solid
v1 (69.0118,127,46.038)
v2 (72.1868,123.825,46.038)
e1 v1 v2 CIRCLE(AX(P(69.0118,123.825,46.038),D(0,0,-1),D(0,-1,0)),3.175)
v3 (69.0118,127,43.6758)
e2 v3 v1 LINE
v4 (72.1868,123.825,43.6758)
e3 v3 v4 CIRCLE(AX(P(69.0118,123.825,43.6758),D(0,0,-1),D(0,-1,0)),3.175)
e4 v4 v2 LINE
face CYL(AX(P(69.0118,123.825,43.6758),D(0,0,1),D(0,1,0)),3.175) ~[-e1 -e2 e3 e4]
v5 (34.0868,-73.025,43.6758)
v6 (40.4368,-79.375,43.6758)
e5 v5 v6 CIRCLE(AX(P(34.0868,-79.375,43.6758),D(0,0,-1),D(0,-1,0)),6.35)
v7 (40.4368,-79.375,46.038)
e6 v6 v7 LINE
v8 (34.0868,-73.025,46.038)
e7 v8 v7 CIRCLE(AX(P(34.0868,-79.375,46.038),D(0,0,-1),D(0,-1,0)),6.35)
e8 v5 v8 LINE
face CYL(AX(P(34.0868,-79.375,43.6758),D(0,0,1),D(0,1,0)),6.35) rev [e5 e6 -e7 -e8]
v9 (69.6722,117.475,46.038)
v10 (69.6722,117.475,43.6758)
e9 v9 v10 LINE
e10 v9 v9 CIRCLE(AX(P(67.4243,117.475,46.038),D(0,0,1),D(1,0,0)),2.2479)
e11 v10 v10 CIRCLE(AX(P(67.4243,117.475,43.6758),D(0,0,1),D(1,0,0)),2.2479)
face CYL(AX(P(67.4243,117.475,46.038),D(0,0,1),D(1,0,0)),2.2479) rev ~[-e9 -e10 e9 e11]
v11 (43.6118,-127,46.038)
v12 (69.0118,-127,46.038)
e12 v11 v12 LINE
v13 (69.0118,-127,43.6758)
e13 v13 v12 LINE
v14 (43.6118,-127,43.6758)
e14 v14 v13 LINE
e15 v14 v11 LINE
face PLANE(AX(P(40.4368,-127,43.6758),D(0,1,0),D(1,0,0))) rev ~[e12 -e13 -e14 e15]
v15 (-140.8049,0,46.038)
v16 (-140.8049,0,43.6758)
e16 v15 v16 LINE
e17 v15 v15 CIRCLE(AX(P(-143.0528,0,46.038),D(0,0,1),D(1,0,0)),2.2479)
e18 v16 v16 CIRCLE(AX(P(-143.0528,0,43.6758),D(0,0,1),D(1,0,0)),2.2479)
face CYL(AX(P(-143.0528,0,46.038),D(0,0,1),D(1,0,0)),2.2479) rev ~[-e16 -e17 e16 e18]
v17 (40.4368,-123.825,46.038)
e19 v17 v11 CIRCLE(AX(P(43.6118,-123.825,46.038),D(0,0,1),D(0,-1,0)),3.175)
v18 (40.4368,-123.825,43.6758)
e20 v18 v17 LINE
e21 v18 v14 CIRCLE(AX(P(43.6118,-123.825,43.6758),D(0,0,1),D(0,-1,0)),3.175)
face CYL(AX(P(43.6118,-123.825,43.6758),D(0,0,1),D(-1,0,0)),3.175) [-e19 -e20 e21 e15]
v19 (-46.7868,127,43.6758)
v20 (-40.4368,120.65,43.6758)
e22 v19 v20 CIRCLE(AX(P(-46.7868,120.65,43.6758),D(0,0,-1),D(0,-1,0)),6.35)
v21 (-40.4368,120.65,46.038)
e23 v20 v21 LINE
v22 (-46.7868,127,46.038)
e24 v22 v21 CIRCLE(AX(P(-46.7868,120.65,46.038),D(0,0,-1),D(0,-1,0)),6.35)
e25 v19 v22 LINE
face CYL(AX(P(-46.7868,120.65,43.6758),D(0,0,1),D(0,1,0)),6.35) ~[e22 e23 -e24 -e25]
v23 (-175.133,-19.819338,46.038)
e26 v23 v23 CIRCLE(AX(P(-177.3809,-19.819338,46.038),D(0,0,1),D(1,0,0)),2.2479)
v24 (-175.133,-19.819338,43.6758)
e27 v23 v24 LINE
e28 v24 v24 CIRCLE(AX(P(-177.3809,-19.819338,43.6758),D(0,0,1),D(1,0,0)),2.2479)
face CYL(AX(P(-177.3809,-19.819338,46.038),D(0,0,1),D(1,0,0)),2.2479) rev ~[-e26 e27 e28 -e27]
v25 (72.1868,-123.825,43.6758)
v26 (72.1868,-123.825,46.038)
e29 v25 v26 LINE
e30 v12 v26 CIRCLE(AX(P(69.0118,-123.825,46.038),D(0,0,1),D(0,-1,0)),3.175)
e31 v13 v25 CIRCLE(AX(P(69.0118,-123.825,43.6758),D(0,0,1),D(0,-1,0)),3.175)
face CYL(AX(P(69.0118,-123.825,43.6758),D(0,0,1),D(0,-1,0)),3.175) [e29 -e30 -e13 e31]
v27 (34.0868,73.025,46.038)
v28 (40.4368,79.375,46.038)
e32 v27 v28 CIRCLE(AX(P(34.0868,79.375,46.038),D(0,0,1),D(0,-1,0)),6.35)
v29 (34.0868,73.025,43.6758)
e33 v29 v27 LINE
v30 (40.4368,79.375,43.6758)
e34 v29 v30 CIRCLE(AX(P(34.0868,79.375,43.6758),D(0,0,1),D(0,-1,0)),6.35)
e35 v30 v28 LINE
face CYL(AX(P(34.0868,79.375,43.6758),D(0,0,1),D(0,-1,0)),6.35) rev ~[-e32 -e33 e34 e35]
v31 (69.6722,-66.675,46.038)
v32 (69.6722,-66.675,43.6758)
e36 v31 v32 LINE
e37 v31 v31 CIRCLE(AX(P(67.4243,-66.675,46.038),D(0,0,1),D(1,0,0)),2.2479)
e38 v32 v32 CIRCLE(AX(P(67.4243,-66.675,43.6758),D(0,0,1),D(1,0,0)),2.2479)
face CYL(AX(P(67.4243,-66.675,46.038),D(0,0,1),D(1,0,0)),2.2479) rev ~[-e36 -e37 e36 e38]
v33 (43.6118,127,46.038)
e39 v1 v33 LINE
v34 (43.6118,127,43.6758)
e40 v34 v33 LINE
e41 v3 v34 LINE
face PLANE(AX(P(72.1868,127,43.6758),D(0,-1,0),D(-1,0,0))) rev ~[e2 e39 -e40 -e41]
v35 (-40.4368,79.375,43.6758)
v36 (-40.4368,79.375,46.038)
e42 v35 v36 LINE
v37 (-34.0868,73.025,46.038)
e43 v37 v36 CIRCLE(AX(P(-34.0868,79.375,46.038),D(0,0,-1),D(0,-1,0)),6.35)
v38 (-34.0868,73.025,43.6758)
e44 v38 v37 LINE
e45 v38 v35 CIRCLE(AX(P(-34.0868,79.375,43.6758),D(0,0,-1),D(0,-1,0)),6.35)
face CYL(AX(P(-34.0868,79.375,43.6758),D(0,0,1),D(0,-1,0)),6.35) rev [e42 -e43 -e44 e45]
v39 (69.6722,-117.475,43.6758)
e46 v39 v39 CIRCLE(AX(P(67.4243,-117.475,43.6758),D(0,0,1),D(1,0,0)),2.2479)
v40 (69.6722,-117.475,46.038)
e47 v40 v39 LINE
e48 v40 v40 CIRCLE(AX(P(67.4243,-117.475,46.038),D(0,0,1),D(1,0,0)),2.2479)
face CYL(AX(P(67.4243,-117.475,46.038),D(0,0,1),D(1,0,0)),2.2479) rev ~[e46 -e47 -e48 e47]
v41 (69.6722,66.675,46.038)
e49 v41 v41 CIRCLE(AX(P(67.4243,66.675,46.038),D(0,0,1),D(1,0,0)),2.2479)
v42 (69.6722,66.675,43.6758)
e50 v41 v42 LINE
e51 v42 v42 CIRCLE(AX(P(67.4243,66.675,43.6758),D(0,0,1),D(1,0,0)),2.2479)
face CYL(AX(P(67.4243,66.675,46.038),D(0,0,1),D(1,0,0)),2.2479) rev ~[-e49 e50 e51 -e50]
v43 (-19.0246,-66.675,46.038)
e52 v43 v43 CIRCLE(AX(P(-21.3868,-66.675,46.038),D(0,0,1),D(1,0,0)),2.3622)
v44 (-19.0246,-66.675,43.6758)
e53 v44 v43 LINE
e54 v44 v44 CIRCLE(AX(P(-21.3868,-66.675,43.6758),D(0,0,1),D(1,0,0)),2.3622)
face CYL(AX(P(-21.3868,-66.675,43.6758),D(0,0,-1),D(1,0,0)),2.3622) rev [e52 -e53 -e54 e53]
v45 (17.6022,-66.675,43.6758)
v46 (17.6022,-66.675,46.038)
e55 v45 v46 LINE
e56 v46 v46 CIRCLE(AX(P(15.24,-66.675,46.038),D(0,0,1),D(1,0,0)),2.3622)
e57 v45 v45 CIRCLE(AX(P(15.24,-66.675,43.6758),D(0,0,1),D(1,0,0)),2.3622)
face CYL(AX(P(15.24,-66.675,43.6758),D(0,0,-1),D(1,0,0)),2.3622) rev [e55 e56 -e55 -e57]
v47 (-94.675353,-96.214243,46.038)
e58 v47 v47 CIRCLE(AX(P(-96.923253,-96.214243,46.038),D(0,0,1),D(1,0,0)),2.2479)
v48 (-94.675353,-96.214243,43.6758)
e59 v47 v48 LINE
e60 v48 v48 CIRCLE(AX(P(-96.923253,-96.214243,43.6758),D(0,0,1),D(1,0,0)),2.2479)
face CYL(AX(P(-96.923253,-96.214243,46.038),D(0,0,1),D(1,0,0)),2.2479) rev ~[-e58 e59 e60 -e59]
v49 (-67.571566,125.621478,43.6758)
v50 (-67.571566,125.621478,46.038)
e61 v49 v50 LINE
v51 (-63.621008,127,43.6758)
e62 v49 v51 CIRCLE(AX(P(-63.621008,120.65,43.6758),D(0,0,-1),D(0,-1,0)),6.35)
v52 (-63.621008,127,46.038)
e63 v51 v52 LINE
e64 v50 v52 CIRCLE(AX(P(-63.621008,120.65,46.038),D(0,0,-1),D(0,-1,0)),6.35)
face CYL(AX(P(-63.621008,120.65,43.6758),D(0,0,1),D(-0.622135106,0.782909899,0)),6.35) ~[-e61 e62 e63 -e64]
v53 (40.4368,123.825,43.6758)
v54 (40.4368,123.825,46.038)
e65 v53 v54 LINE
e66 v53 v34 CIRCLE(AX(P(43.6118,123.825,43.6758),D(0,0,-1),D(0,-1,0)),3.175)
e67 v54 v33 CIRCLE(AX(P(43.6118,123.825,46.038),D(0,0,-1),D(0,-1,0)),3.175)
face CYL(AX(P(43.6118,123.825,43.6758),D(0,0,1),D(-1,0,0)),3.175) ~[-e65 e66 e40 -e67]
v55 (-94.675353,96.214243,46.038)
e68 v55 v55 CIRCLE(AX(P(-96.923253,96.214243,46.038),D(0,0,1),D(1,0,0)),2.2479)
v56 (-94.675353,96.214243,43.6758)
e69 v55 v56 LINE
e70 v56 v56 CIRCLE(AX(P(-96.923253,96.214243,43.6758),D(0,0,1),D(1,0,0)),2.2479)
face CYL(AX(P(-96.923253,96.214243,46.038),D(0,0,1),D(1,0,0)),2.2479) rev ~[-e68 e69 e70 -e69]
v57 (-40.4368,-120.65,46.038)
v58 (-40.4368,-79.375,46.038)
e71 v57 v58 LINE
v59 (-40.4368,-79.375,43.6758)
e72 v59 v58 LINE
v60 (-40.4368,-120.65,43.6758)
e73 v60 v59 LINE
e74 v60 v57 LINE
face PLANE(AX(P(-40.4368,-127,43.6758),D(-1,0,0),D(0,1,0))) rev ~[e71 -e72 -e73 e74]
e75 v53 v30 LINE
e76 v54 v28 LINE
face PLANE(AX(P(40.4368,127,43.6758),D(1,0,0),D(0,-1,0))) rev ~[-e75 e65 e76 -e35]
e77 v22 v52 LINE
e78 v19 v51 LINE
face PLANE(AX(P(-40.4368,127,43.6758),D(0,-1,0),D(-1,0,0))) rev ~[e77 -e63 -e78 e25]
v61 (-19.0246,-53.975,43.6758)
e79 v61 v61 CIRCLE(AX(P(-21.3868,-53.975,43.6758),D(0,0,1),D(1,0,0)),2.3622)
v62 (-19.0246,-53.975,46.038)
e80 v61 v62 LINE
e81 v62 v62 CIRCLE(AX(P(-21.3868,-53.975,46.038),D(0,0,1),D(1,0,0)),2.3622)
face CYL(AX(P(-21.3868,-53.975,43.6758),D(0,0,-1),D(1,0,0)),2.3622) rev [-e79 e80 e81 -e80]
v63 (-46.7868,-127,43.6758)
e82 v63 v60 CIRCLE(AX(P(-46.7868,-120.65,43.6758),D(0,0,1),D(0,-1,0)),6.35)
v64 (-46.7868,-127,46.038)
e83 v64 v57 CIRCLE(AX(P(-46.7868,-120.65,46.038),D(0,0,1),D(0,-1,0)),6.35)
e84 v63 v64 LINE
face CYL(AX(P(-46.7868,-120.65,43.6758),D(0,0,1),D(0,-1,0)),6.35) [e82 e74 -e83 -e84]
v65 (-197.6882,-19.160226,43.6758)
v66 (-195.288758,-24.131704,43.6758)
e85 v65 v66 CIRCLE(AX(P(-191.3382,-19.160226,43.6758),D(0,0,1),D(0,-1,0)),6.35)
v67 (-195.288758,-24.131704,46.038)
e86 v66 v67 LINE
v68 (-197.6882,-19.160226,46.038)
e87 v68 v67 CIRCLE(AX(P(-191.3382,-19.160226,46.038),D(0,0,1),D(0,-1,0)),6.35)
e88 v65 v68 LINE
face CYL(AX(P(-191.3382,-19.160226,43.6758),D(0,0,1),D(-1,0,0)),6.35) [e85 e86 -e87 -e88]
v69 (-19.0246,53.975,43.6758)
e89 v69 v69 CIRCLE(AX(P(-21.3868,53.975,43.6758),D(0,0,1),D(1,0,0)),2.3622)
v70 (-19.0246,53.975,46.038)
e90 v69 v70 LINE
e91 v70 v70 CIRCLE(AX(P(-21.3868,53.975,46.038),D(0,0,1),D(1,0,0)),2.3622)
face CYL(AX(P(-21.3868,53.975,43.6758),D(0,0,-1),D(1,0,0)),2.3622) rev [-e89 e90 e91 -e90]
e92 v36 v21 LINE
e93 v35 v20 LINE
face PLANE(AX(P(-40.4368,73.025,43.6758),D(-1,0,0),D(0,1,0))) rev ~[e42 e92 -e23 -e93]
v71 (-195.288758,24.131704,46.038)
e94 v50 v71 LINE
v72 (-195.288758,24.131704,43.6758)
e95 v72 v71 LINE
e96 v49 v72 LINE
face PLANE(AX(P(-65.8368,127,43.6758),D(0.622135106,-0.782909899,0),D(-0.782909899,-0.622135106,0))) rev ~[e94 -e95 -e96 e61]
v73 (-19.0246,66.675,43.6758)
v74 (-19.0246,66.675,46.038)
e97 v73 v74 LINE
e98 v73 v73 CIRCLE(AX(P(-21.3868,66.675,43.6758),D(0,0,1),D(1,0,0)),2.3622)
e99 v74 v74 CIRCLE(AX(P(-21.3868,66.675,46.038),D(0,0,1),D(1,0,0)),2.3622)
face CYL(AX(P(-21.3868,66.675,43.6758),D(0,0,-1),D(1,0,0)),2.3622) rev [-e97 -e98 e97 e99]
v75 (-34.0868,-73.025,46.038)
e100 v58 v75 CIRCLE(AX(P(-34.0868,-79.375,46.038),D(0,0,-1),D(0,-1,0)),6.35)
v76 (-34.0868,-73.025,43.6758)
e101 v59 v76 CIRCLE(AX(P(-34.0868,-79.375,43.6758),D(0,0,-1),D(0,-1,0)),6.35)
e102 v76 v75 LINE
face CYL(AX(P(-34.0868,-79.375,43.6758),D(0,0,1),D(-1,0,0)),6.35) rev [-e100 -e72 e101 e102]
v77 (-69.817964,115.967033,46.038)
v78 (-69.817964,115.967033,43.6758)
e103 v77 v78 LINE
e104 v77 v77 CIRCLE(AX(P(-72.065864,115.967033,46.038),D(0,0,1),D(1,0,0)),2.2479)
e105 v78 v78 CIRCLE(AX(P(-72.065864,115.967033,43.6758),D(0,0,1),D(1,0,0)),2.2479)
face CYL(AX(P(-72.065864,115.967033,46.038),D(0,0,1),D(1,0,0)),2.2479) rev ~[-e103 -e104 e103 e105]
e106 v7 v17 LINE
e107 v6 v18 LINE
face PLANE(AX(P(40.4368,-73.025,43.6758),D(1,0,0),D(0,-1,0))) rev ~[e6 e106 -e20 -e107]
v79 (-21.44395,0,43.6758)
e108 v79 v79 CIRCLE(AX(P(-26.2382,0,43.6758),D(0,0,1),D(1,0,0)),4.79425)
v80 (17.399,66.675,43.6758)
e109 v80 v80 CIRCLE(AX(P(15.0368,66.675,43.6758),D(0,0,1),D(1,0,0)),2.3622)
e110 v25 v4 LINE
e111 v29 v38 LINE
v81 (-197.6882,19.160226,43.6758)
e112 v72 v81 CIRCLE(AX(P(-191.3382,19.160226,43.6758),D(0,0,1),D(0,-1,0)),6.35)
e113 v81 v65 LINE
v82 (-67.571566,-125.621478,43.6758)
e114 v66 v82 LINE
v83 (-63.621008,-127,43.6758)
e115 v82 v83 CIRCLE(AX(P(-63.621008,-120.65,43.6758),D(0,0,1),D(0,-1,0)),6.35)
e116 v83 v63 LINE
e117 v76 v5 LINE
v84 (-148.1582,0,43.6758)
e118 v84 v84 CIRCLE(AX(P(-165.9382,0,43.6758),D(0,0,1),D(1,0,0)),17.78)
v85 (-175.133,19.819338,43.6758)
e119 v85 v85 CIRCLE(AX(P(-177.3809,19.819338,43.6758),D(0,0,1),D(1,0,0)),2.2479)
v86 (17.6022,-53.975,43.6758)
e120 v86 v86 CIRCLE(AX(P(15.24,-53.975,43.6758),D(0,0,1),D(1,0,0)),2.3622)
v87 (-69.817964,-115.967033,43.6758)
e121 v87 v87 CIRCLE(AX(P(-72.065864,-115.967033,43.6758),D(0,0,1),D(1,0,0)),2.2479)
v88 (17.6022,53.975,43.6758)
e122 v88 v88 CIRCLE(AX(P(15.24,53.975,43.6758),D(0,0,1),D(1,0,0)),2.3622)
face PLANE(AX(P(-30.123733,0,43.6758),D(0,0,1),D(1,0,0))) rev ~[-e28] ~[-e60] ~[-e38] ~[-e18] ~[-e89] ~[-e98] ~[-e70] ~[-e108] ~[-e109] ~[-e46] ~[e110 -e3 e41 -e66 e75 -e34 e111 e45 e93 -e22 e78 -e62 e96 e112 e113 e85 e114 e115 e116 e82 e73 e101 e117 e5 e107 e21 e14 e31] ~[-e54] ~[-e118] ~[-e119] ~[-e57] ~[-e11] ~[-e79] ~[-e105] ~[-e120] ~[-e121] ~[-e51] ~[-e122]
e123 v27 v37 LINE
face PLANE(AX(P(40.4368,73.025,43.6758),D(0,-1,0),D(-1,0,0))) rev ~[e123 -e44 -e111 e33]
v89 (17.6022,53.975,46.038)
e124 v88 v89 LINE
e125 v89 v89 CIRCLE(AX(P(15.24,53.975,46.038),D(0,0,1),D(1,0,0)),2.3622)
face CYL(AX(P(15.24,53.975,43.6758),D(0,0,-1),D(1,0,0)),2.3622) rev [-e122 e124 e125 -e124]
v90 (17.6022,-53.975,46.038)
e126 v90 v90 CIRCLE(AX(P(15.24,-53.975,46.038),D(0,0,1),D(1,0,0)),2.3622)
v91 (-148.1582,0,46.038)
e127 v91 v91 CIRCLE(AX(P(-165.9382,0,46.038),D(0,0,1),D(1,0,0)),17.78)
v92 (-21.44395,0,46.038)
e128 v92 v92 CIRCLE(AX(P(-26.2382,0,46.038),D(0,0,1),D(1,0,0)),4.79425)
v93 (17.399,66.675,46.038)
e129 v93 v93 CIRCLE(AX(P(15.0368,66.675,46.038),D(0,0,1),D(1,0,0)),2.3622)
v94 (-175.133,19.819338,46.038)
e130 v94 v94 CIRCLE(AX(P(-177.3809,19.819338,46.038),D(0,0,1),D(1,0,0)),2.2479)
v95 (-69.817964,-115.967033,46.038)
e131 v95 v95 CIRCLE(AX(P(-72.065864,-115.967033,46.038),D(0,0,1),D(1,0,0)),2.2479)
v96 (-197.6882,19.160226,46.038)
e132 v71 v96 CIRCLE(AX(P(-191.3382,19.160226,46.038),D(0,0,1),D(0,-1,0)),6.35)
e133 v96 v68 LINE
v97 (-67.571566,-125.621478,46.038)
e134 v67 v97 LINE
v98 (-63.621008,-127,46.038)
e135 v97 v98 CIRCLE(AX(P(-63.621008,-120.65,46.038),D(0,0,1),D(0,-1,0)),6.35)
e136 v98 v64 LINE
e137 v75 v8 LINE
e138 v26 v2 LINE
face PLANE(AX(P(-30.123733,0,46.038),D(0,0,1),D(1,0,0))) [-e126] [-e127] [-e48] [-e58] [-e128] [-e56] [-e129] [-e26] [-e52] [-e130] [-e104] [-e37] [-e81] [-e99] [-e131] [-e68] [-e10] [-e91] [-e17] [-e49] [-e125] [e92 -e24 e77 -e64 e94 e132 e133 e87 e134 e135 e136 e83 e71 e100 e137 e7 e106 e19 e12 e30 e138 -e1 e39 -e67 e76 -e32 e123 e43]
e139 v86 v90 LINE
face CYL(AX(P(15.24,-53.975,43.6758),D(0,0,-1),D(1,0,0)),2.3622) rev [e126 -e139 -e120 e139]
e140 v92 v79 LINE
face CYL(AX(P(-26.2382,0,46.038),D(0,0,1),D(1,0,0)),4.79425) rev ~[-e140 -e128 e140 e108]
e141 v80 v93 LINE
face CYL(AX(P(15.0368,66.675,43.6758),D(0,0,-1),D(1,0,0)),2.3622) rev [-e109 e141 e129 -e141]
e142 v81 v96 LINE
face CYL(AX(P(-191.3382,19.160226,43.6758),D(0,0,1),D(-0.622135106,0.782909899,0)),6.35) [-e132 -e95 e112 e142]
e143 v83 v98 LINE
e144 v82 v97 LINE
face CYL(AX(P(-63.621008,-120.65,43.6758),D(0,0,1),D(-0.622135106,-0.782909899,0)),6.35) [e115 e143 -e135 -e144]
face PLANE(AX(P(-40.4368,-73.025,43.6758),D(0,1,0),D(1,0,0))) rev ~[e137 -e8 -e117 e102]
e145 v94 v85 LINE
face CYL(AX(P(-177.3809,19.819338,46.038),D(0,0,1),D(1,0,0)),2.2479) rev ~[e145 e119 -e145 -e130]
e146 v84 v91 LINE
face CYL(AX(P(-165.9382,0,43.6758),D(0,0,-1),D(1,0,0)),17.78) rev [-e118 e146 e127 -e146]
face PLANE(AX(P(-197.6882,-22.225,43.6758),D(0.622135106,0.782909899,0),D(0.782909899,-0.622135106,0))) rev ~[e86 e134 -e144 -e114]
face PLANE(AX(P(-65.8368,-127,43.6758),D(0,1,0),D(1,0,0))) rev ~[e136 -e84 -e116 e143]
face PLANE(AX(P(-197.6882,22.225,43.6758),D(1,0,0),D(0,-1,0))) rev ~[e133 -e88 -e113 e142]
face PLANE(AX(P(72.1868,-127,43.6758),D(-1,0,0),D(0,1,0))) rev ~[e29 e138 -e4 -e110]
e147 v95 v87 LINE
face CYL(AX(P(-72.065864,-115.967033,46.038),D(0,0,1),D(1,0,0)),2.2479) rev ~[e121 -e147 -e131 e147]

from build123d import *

# Parameters (mm, degrees)
SKETCH_R        = 2.3622
SKETCH_R_2      = 17.78
PAD_DEPTH       = 2.3622
FILLET_R        = 6.35
FILLET001_R     = 6.35
FILLET002_R     = 6.35
FILLET003_R     = 6.35
FILLET004_R     = 6.35
FILLET005_R     = 3.175
FILLET006_R     = 3.175
FILLET007_R     = 6.35
FILLET008_R     = 6.35
FILLET009_R     = 6.35
FILLET010_R     = 6.35
FILLET011_R     = 6.35
FILLET012_R     = 3.175
FILLET013_R     = 3.175
SKETCH001_R     = 4.79425
POCKET_DEPTH    = 2.3632
SKETCH002_R     = 2.2479
POCKET001_DEPTH = 2.3632
SKETCH003_R     = 2.2479
POCKET002_DEPTH = 4.99999


with BuildPart() as part:
    # Sketch (on DatumPlane) → Pad (new body)
    with BuildSketch(Plane.XY.offset(43.6758)):
        Polygon((40.4368, 73.025), (-40.4368, 73.025), (-40.4368, 127), (-65.8368, 127), (-197.6882, 22.225), (-197.6882, -22.225), (-65.8368, -127), (-40.4368, -127), (-40.4368, -73.025), (40.4368, -73.025), (40.4368, -127), (72.1868, -127), (72.1868, 127), (40.4368, 127), align=None)
        with Locations((-21.3868, 66.675)):
            Circle(SKETCH_R, mode=Mode.SUBTRACT)
        with Locations((-21.3868, 53.975)):
            Circle(SKETCH_R, mode=Mode.SUBTRACT)
        with Locations((-21.3868, -53.975)):
            Circle(SKETCH_R, mode=Mode.SUBTRACT)
        with Locations((-21.3868, -66.675)):
            Circle(SKETCH_R, mode=Mode.SUBTRACT)
        with Locations((15.0368, 66.675)):
            Circle(SKETCH_R, mode=Mode.SUBTRACT)
        with Locations((15.24, 53.975)):
            Circle(SKETCH_R, mode=Mode.SUBTRACT)
        with Locations((15.24, -53.975)):
            Circle(SKETCH_R, mode=Mode.SUBTRACT)
        with Locations((15.24, -66.675)):
            Circle(SKETCH_R, mode=Mode.SUBTRACT)
        with Locations((-165.9382, 0)):
            Circle(SKETCH_R_2, mode=Mode.SUBTRACT)
    extrude(amount=PAD_DEPTH)

    # Fillet
    fillet_edges = [part.edges().sort_by_distance(p)[0] for p in [
        (-197.6882, -22.225, 44.8569),
    ]]
    fillet(fillet_edges, radius=FILLET_R)

    # Fillet001
    fillet001_edges = [part.edges().sort_by_distance(p)[0] for p in [
        (-65.8368, -127, 44.8569),
    ]]
    fillet(fillet001_edges, radius=FILLET001_R)

    # Fillet002
    fillet002_edges = [part.edges().sort_by_distance(p)[0] for p in [
        (-40.4368, -127, 44.8569),
    ]]
    fillet(fillet002_edges, radius=FILLET002_R)

    # Fillet003
    fillet003_edges = [part.edges().sort_by_distance(p)[0] for p in [
        (-40.4368, -73.025, 44.8569),
    ]]
    fillet(fillet003_edges, radius=FILLET003_R)

    # Fillet004
    fillet004_edges = [part.edges().sort_by_distance(p)[0] for p in [
        (40.4368, -73.025, 44.8569),
    ]]
    fillet(fillet004_edges, radius=FILLET004_R)

    # Fillet005
    fillet005_edges = [part.edges().sort_by_distance(p)[0] for p in [
        (40.4368, -127, 44.8569),
    ]]
    fillet(fillet005_edges, radius=FILLET005_R)

    # Fillet006
    fillet006_edges = [part.edges().sort_by_distance(p)[0] for p in [
        (72.1868, -127, 44.8569),
    ]]
    fillet(fillet006_edges, radius=FILLET006_R)

    # Fillet007
    fillet007_edges = [part.edges().sort_by_distance(p)[0] for p in [
        (-197.6882, 22.225, 44.8569),
    ]]
    fillet(fillet007_edges, radius=FILLET007_R)

    # Fillet008
    fillet008_edges = [part.edges().sort_by_distance(p)[0] for p in [
        (-65.8368, 127, 44.8569),
    ]]
    fillet(fillet008_edges, radius=FILLET008_R)

    # Fillet009
    fillet009_edges = [part.edges().sort_by_distance(p)[0] for p in [
        (-40.4368, 127, 44.8569),
    ]]
    fillet(fillet009_edges, radius=FILLET009_R)

    # Fillet010
    fillet010_edges = [part.edges().sort_by_distance(p)[0] for p in [
        (40.4368, 73.025, 44.8569),
    ]]
    fillet(fillet010_edges, radius=FILLET010_R)

    # Fillet011
    fillet011_edges = [part.edges().sort_by_distance(p)[0] for p in [
        (-40.4368, 73.025, 44.8569),
    ]]
    fillet(fillet011_edges, radius=FILLET011_R)

    # Fillet012
    fillet012_edges = [part.edges().sort_by_distance(p)[0] for p in [
        (40.4368, 127, 44.8569),
    ]]
    fillet(fillet012_edges, radius=FILLET012_R)

    # Fillet013
    fillet013_edges = [part.edges().sort_by_distance(p)[0] for p in [
        (72.1868, 127, 44.8569),
    ]]
    fillet(fillet013_edges, radius=FILLET013_R)

    # Sketch001 (on Face39 of Fillet013) → Pocket (cut, through all)
    with BuildSketch(Plane.XY.offset(46.038)):
        with Locations((-26.2382, 0)):
            Circle(SKETCH001_R)
    extrude(amount=-POCKET_DEPTH, mode=Mode.SUBTRACT)

    # Sketch002 (on Face44 of Pocket) → Pocket001 (cut, through all)
    with BuildSketch(Plane.XY.offset(46.038)):
        with Locations((-96.923253, -96.214243)):
            Circle(SKETCH002_R)
        with Locations((-72.065864, -115.967033)):
            Circle(SKETCH002_R)
        with Locations((-72.065864, 115.967033)):
            Circle(SKETCH002_R)
        with Locations((-96.923253, 96.214243)):
            Circle(SKETCH002_R)
    extrude(amount=-POCKET001_DEPTH, mode=Mode.SUBTRACT)

    # Sketch003 (on Face48 of Pocket001) → Pocket002 (cut)
    with BuildSketch(Plane.XY.offset(46.038)):
        with Locations((67.4243, -117.475)):
            Circle(SKETCH003_R)
        with Locations((67.4243, -66.675)):
            Circle(SKETCH003_R)
        with Locations((67.4243, 117.475)):
            Circle(SKETCH003_R)
        with Locations((67.4243, 66.675)):
            Circle(SKETCH003_R)
        with Locations((-177.3809, 19.819338)):
            Circle(SKETCH003_R)
        with Locations((-177.3809, -19.819338)):
            Circle(SKETCH003_R)
        with Locations((-143.0528, 0)):
            Circle(SKETCH003_R)
    extrude(amount=-POCKET002_DEPTH, mode=Mode.SUBTRACT)


solid = part.part
